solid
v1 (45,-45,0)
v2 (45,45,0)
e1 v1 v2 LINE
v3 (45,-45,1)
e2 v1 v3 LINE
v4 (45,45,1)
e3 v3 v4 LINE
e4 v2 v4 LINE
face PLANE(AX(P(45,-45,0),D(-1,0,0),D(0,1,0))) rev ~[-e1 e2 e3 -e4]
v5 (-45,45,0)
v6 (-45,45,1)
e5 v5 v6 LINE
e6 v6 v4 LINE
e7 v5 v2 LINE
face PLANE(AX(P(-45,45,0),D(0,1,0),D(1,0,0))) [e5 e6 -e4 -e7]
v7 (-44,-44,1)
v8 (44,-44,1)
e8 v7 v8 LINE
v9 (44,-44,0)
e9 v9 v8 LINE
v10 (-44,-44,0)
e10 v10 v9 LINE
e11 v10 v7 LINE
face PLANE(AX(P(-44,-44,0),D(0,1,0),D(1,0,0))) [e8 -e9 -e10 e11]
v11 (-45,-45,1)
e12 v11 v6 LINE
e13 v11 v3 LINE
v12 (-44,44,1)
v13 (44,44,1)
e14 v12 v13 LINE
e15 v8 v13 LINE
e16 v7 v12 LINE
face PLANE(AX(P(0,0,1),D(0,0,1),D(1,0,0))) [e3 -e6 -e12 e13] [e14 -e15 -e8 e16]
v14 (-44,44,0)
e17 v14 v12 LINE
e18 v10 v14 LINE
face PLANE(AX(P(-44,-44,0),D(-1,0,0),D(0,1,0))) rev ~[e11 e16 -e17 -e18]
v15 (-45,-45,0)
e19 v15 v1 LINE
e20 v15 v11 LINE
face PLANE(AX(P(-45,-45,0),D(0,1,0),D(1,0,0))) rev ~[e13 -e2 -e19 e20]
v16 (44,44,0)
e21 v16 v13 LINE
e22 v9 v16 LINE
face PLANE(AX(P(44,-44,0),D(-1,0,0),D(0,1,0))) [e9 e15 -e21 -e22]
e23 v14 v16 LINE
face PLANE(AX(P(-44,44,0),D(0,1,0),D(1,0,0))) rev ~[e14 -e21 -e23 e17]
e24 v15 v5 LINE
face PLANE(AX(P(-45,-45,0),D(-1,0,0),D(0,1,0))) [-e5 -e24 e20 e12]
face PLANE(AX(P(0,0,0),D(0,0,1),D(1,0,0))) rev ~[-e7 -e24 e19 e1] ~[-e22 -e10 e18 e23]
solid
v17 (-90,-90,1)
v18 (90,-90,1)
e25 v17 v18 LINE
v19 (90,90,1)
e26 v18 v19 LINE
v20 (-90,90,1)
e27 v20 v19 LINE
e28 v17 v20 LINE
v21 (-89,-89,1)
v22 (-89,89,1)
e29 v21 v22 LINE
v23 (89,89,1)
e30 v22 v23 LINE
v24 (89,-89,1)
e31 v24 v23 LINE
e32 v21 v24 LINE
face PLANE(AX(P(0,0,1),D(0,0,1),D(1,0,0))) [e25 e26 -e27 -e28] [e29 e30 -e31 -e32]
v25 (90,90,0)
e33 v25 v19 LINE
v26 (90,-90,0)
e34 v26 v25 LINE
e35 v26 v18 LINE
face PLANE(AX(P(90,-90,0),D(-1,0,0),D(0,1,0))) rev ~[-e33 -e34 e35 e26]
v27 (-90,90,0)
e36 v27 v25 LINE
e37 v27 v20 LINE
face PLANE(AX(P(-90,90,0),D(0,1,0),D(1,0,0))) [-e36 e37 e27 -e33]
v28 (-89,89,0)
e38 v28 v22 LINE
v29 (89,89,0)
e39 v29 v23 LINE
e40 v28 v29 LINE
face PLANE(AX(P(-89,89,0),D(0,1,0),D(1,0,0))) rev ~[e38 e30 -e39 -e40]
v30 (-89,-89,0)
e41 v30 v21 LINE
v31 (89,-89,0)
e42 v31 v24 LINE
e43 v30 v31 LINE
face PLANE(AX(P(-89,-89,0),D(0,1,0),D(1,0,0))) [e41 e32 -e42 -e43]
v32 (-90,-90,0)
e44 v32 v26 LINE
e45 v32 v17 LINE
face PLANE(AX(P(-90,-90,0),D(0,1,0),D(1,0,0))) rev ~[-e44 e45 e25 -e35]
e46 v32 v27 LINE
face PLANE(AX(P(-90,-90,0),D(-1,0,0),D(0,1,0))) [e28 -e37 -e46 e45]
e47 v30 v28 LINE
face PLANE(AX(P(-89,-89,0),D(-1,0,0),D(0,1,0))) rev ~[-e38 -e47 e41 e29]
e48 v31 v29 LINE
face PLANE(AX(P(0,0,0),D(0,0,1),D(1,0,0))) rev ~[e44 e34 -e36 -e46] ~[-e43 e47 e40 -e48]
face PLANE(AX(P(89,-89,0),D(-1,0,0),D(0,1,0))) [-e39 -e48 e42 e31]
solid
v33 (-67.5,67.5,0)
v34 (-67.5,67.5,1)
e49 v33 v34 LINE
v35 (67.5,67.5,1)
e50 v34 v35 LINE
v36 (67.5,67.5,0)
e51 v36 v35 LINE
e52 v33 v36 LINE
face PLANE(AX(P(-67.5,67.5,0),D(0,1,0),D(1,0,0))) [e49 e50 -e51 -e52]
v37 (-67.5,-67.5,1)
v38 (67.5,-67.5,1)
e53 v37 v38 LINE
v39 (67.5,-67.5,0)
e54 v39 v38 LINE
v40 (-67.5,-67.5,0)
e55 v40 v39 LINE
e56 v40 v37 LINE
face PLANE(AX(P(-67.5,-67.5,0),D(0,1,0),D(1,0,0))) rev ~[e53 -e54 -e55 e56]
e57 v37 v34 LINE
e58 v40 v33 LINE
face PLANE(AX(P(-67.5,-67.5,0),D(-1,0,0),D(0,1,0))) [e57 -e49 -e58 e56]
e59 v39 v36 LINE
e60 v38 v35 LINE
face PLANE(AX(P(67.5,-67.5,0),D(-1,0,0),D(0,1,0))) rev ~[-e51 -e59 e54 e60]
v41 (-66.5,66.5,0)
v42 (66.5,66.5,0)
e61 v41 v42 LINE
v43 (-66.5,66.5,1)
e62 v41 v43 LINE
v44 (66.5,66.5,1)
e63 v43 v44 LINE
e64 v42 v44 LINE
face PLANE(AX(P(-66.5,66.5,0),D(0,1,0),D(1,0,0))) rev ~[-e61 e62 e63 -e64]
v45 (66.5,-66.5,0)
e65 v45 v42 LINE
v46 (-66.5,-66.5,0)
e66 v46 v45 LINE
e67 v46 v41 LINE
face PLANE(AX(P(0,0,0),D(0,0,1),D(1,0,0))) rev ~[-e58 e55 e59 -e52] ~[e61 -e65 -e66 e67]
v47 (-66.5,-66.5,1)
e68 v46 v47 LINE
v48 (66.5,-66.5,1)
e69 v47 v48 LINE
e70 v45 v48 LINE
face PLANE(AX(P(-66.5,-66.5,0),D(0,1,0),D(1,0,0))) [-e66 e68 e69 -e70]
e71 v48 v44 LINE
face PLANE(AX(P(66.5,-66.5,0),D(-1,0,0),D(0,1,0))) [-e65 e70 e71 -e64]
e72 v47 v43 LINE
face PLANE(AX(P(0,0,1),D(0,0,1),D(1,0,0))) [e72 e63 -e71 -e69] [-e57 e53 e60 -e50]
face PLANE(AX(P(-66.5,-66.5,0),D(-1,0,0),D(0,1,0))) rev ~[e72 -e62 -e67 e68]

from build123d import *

# Parameters (mm, degrees)
F0_W     = 180
F0_H     = 180
F0_W_2   = 178
F0_H_2   = 178
F1_DEPTH = 1
F0_W_3   = 90
F0_H_3   = 90
F0_W_4   = 88
F0_H_4   = 88
F0_W_5   = 135
F0_H_5   = 135
F0_W_6   = 133
F0_H_6   = 133


with BuildPart() as f1:
    # F0 (on Top) → F1 (new body)
    with BuildSketch(Plane.XY):
        Rectangle(F0_W, F0_H)
        Rectangle(F0_W_2, F0_H_2, mode=Mode.SUBTRACT)
    extrude(amount=F1_DEPTH)


with BuildPart() as f1b:
    # F0 (on Top) → F1, piece 2 (new body)
    with BuildSketch(Plane.XY):
        Rectangle(F0_W_3, F0_H_3)
        Rectangle(F0_W_4, F0_H_4, mode=Mode.SUBTRACT)
    extrude(amount=F1_DEPTH)


with BuildPart() as f1c:
    # F0 (on Top) → F1, piece 3 (new body)
    with BuildSketch(Plane.XY):
        Rectangle(F0_W_5, F0_H_5)
        Rectangle(F0_W_6, F0_H_6, mode=Mode.SUBTRACT)
    extrude(amount=F1_DEPTH)


solid = Compound([f1.part, f1b.part, f1c.part])
